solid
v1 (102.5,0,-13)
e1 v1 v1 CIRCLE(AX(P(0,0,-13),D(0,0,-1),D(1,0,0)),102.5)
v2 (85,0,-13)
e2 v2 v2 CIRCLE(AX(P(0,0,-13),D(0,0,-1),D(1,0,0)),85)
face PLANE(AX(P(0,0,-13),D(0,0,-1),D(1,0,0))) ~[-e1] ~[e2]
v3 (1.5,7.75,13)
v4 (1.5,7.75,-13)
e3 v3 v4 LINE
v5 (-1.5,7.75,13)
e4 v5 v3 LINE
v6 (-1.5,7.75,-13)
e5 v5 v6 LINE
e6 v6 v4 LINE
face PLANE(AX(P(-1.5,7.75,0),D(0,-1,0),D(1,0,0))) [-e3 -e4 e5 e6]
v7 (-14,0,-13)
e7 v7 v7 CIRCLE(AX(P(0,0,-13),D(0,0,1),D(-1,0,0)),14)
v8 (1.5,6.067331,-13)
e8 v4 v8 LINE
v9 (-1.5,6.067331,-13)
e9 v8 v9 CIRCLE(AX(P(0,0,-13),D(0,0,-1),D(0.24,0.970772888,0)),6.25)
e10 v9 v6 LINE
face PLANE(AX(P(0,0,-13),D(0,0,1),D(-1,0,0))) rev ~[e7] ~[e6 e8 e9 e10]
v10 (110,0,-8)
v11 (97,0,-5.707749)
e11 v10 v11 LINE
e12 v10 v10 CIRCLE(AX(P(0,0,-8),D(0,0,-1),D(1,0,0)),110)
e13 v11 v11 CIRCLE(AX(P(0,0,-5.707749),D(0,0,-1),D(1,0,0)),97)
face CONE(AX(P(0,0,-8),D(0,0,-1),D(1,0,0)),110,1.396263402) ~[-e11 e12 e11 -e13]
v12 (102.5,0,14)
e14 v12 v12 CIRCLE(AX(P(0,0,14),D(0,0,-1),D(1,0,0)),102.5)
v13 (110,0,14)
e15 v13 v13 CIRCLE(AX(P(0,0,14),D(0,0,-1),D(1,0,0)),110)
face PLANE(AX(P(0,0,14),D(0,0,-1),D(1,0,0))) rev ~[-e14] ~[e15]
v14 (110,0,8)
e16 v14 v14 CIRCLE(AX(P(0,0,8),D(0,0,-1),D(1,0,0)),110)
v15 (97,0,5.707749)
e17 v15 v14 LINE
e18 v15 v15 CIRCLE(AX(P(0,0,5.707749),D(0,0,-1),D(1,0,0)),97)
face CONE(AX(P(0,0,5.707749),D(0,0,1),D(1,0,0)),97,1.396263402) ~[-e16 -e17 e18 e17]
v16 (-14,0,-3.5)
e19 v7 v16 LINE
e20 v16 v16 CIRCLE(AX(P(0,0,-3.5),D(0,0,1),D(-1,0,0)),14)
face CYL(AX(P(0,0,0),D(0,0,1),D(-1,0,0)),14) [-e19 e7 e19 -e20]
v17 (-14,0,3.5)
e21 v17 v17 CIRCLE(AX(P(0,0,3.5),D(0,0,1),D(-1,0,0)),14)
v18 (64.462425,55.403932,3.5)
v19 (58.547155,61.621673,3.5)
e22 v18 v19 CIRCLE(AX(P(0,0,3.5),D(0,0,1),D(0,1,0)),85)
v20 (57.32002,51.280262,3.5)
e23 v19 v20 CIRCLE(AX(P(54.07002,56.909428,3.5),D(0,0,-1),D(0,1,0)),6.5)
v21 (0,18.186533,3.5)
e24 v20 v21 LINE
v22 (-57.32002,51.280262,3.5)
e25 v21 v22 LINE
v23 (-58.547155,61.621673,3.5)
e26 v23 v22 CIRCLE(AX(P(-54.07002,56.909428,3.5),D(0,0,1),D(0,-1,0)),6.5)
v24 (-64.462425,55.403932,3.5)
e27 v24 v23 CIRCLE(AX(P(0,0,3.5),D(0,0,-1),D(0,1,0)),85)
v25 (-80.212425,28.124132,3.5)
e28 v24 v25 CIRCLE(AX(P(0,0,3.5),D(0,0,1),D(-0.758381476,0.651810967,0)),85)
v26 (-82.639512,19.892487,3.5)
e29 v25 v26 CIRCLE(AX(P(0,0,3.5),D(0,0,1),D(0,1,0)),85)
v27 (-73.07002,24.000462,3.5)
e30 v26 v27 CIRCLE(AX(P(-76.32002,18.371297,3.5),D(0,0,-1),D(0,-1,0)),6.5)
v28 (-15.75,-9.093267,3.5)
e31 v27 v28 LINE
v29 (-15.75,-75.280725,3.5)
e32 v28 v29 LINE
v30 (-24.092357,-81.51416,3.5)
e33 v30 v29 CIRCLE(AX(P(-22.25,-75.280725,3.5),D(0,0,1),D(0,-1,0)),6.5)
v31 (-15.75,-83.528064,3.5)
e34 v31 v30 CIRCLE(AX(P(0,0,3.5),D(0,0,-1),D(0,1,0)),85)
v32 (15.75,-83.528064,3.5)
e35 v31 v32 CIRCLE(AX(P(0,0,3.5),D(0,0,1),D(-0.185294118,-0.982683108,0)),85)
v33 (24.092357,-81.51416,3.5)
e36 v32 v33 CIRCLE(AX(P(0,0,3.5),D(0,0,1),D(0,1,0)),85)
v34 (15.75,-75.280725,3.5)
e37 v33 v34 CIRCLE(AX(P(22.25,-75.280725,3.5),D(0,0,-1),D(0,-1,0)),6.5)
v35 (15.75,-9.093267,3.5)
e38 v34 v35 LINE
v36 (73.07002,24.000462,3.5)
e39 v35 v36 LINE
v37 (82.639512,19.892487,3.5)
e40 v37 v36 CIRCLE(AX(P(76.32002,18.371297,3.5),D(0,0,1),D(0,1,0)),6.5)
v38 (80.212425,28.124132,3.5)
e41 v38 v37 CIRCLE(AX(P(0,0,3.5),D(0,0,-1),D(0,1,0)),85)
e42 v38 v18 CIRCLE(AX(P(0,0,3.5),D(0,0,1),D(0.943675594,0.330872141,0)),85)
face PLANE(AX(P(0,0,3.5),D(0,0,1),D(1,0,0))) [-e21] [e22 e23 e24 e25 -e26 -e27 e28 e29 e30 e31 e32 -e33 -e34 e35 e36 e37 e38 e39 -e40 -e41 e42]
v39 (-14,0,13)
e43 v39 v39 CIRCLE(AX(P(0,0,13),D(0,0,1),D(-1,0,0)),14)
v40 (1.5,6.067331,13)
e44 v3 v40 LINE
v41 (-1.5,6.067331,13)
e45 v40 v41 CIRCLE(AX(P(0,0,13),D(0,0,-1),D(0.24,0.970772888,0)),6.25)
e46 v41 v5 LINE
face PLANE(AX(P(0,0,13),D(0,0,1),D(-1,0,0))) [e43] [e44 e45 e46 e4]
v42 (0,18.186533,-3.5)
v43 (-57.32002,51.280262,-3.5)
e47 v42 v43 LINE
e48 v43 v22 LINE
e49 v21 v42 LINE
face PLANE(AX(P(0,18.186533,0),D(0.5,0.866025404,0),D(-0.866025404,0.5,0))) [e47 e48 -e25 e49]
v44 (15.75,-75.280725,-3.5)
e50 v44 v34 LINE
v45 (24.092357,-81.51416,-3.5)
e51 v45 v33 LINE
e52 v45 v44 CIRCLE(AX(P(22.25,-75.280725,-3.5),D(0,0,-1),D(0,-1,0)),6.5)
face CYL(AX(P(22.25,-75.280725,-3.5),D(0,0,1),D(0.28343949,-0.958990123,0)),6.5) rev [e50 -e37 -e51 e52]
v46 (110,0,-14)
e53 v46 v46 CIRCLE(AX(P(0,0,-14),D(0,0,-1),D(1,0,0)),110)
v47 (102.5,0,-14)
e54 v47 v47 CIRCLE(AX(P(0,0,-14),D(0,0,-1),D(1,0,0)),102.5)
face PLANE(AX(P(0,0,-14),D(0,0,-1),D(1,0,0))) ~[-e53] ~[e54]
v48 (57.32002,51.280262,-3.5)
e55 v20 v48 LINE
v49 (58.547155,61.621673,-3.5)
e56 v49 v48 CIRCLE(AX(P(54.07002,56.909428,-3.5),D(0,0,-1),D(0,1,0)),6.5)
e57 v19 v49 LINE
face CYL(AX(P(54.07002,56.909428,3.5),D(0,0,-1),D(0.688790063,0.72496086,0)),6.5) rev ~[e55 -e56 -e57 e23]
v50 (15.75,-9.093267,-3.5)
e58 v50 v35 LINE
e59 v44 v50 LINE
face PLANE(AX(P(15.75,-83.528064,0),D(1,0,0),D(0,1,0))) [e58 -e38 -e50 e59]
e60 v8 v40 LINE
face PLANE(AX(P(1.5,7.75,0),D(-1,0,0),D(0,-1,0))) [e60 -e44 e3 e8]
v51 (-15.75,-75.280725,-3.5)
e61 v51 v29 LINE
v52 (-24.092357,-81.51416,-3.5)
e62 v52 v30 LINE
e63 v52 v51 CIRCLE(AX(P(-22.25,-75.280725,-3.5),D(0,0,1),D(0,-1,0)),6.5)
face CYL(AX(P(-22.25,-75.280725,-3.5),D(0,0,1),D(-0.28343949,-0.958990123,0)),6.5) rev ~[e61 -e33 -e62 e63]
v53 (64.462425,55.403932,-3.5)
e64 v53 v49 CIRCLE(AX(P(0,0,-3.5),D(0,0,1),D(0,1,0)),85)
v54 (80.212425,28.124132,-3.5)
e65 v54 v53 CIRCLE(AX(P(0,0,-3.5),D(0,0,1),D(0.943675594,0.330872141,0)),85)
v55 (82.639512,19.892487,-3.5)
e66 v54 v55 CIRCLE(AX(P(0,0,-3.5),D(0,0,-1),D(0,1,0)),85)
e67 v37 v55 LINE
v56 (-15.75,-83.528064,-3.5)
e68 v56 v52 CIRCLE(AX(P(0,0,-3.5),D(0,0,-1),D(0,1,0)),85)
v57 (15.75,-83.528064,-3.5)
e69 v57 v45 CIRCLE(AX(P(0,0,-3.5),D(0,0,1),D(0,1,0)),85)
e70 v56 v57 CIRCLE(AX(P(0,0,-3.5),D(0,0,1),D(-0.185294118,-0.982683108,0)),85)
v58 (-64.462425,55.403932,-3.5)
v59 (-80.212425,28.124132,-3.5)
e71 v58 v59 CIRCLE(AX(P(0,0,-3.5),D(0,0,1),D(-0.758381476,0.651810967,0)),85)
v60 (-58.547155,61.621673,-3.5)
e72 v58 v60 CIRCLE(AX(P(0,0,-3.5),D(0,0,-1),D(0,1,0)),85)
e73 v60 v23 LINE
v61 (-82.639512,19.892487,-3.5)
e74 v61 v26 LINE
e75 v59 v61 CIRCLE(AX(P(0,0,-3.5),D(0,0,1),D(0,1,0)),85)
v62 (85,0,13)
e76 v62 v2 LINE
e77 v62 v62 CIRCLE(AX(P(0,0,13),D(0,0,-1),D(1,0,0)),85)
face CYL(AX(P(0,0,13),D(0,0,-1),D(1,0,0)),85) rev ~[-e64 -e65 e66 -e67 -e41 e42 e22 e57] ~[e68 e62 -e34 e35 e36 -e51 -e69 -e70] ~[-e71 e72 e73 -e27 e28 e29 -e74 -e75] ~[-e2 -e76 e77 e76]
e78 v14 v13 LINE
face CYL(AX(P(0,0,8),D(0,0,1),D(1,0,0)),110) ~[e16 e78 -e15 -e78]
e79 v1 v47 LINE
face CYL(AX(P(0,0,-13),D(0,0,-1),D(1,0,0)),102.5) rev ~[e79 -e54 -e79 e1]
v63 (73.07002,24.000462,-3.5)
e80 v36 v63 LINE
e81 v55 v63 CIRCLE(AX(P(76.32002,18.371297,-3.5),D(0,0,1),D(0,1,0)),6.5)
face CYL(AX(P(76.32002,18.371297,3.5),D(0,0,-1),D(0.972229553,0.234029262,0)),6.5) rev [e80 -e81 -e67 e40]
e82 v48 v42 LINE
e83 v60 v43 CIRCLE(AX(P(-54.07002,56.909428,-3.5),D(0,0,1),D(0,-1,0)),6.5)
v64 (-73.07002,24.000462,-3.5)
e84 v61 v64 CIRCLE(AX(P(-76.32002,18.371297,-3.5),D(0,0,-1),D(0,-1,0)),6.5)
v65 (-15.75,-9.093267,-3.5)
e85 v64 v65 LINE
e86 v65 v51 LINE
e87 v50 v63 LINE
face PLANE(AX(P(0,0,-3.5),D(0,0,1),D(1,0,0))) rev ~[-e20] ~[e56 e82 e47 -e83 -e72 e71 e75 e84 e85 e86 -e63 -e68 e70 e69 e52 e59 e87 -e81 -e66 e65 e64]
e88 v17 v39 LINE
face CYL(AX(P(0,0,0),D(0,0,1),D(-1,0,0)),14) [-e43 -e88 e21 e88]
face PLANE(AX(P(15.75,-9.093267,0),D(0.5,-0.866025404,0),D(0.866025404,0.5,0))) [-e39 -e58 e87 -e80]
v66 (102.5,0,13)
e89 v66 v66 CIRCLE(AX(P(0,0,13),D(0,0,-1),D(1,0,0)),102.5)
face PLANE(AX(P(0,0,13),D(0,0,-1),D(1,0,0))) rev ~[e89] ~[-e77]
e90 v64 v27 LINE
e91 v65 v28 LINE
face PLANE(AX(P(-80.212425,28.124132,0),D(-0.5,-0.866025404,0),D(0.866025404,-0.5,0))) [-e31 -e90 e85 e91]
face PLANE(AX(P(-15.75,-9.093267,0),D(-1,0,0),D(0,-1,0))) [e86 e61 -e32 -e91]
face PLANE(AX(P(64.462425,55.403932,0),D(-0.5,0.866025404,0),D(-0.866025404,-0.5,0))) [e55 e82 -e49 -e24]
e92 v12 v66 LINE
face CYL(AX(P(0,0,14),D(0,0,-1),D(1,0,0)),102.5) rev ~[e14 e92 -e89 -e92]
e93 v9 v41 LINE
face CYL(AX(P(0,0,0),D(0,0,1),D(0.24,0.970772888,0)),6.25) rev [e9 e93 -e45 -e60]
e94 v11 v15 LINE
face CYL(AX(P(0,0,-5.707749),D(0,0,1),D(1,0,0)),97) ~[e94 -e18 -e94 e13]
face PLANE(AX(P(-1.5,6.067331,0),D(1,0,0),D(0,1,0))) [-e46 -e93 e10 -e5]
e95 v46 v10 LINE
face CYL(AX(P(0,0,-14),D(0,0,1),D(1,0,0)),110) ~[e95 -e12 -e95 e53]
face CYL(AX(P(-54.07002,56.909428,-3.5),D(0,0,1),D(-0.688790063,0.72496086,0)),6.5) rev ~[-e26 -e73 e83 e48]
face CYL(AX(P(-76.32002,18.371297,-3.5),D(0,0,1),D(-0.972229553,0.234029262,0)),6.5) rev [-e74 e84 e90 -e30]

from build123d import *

# Parameters (mm, degrees)
EXTRUDE_1_DEPTH     = 3.5
FILLET_1_R          = 6.5
SKETCH_4_R          = 14
EXTRUDE_2_DEPTH     = 13
CUT_EXTRUDE_1_DEPTH = 13


with BuildPart() as part:
    # 草图2 → 旋转1 (revolve)
    with BuildSketch(Plane(origin=(0, 0, 0), x_dir=(0, 0, -1), z_dir=(1, 0, 0)), mode=Mode.PRIVATE) as revolve_1_sk:
        Polygon((14, 102.5), (14, 110), (8, 110), (5.707749251, 97), (-5.707749251, 97), (-8, 110), (-14, 110), (-14, 102.5), (-13, 102.5), (-13, 85), (13, 85), (13, 102.5), align=None)
    revolve(revolve_1_sk.sketch.rotate(Axis((0, 0, 67.916666667), (0, 0, -1)), 90), axis=Axis((0, 0, 67.916666667), (0, 0, -1)))

    # 草图3 → 凸台-拉伸1 (add, symmetric)
    with BuildSketch(Plane.XY):
        with BuildLine():
            Line((0, 18.186533479), (-64.462425479, 55.403932183))
            ThreePointArc((-64.462425479, 55.403932183), (-73.612159322, 42.5), (-80.212425479, 28.124131963))
            Line((-80.212425479, 28.124131963), (-15.75, -9.09326674))
            Line((-15.75, -9.09326674), (-15.75, -83.528064146))
            ThreePointArc((-15.75, -83.528064146), (0, -85), (15.75, -83.528064146))
            Line((15.75, -83.528064146), (15.75, -9.09326674))
            Line((15.75, -9.09326674), (80.212425479, 28.124131963))
            ThreePointArc((80.212425479, 28.124131963), (73.612159322, 42.5), (64.462425479, 55.403932183))
            Line((64.462425479, 55.403932183), (0, 18.186533479))
        make_face()
    extrude(amount=EXTRUDE_1_DEPTH, both=True)

    # 圆角1
    fillet_1_edges = [part.edges().sort_by_distance(p)[0] for p in [
        (64.462425479, 55.403932183, 0),
        (-64.462425479, 55.403932183, 0),
        (-80.212425479, 28.124131963, 0),
        (-15.75, -83.528064146, 0),
        (15.75, -83.528064146, 0),
        (80.212425479, 28.124131963, 0),
    ]]
    fillet(fillet_1_edges, radius=FILLET_1_R)

    # 草图4 → 凸台-拉伸2 (add, symmetric)
    with BuildSketch(Plane.XY):
        with Locations(Location((0, 0, 0), (0, 0, 180))):
            Circle(SKETCH_4_R)
    extrude(amount=EXTRUDE_2_DEPTH, both=True)

    # 草图5 → 切除-拉伸1 (cut, symmetric)
    with BuildSketch(Plane.XY):
        with BuildLine():
            Line((-1.5, 6.06733055), (-1.5, 7.75))
            Line((-1.5, 7.75), (1.5, 7.75))
            Line((1.5, 7.75), (1.5, 6.06733055))
            ThreePointArc((1.5, 6.06733055), (0, -6.25), (-1.5, 6.06733055))
        make_face()
    extrude(amount=CUT_EXTRUDE_1_DEPTH, both=True, mode=Mode.SUBTRACT)


solid = part.part
